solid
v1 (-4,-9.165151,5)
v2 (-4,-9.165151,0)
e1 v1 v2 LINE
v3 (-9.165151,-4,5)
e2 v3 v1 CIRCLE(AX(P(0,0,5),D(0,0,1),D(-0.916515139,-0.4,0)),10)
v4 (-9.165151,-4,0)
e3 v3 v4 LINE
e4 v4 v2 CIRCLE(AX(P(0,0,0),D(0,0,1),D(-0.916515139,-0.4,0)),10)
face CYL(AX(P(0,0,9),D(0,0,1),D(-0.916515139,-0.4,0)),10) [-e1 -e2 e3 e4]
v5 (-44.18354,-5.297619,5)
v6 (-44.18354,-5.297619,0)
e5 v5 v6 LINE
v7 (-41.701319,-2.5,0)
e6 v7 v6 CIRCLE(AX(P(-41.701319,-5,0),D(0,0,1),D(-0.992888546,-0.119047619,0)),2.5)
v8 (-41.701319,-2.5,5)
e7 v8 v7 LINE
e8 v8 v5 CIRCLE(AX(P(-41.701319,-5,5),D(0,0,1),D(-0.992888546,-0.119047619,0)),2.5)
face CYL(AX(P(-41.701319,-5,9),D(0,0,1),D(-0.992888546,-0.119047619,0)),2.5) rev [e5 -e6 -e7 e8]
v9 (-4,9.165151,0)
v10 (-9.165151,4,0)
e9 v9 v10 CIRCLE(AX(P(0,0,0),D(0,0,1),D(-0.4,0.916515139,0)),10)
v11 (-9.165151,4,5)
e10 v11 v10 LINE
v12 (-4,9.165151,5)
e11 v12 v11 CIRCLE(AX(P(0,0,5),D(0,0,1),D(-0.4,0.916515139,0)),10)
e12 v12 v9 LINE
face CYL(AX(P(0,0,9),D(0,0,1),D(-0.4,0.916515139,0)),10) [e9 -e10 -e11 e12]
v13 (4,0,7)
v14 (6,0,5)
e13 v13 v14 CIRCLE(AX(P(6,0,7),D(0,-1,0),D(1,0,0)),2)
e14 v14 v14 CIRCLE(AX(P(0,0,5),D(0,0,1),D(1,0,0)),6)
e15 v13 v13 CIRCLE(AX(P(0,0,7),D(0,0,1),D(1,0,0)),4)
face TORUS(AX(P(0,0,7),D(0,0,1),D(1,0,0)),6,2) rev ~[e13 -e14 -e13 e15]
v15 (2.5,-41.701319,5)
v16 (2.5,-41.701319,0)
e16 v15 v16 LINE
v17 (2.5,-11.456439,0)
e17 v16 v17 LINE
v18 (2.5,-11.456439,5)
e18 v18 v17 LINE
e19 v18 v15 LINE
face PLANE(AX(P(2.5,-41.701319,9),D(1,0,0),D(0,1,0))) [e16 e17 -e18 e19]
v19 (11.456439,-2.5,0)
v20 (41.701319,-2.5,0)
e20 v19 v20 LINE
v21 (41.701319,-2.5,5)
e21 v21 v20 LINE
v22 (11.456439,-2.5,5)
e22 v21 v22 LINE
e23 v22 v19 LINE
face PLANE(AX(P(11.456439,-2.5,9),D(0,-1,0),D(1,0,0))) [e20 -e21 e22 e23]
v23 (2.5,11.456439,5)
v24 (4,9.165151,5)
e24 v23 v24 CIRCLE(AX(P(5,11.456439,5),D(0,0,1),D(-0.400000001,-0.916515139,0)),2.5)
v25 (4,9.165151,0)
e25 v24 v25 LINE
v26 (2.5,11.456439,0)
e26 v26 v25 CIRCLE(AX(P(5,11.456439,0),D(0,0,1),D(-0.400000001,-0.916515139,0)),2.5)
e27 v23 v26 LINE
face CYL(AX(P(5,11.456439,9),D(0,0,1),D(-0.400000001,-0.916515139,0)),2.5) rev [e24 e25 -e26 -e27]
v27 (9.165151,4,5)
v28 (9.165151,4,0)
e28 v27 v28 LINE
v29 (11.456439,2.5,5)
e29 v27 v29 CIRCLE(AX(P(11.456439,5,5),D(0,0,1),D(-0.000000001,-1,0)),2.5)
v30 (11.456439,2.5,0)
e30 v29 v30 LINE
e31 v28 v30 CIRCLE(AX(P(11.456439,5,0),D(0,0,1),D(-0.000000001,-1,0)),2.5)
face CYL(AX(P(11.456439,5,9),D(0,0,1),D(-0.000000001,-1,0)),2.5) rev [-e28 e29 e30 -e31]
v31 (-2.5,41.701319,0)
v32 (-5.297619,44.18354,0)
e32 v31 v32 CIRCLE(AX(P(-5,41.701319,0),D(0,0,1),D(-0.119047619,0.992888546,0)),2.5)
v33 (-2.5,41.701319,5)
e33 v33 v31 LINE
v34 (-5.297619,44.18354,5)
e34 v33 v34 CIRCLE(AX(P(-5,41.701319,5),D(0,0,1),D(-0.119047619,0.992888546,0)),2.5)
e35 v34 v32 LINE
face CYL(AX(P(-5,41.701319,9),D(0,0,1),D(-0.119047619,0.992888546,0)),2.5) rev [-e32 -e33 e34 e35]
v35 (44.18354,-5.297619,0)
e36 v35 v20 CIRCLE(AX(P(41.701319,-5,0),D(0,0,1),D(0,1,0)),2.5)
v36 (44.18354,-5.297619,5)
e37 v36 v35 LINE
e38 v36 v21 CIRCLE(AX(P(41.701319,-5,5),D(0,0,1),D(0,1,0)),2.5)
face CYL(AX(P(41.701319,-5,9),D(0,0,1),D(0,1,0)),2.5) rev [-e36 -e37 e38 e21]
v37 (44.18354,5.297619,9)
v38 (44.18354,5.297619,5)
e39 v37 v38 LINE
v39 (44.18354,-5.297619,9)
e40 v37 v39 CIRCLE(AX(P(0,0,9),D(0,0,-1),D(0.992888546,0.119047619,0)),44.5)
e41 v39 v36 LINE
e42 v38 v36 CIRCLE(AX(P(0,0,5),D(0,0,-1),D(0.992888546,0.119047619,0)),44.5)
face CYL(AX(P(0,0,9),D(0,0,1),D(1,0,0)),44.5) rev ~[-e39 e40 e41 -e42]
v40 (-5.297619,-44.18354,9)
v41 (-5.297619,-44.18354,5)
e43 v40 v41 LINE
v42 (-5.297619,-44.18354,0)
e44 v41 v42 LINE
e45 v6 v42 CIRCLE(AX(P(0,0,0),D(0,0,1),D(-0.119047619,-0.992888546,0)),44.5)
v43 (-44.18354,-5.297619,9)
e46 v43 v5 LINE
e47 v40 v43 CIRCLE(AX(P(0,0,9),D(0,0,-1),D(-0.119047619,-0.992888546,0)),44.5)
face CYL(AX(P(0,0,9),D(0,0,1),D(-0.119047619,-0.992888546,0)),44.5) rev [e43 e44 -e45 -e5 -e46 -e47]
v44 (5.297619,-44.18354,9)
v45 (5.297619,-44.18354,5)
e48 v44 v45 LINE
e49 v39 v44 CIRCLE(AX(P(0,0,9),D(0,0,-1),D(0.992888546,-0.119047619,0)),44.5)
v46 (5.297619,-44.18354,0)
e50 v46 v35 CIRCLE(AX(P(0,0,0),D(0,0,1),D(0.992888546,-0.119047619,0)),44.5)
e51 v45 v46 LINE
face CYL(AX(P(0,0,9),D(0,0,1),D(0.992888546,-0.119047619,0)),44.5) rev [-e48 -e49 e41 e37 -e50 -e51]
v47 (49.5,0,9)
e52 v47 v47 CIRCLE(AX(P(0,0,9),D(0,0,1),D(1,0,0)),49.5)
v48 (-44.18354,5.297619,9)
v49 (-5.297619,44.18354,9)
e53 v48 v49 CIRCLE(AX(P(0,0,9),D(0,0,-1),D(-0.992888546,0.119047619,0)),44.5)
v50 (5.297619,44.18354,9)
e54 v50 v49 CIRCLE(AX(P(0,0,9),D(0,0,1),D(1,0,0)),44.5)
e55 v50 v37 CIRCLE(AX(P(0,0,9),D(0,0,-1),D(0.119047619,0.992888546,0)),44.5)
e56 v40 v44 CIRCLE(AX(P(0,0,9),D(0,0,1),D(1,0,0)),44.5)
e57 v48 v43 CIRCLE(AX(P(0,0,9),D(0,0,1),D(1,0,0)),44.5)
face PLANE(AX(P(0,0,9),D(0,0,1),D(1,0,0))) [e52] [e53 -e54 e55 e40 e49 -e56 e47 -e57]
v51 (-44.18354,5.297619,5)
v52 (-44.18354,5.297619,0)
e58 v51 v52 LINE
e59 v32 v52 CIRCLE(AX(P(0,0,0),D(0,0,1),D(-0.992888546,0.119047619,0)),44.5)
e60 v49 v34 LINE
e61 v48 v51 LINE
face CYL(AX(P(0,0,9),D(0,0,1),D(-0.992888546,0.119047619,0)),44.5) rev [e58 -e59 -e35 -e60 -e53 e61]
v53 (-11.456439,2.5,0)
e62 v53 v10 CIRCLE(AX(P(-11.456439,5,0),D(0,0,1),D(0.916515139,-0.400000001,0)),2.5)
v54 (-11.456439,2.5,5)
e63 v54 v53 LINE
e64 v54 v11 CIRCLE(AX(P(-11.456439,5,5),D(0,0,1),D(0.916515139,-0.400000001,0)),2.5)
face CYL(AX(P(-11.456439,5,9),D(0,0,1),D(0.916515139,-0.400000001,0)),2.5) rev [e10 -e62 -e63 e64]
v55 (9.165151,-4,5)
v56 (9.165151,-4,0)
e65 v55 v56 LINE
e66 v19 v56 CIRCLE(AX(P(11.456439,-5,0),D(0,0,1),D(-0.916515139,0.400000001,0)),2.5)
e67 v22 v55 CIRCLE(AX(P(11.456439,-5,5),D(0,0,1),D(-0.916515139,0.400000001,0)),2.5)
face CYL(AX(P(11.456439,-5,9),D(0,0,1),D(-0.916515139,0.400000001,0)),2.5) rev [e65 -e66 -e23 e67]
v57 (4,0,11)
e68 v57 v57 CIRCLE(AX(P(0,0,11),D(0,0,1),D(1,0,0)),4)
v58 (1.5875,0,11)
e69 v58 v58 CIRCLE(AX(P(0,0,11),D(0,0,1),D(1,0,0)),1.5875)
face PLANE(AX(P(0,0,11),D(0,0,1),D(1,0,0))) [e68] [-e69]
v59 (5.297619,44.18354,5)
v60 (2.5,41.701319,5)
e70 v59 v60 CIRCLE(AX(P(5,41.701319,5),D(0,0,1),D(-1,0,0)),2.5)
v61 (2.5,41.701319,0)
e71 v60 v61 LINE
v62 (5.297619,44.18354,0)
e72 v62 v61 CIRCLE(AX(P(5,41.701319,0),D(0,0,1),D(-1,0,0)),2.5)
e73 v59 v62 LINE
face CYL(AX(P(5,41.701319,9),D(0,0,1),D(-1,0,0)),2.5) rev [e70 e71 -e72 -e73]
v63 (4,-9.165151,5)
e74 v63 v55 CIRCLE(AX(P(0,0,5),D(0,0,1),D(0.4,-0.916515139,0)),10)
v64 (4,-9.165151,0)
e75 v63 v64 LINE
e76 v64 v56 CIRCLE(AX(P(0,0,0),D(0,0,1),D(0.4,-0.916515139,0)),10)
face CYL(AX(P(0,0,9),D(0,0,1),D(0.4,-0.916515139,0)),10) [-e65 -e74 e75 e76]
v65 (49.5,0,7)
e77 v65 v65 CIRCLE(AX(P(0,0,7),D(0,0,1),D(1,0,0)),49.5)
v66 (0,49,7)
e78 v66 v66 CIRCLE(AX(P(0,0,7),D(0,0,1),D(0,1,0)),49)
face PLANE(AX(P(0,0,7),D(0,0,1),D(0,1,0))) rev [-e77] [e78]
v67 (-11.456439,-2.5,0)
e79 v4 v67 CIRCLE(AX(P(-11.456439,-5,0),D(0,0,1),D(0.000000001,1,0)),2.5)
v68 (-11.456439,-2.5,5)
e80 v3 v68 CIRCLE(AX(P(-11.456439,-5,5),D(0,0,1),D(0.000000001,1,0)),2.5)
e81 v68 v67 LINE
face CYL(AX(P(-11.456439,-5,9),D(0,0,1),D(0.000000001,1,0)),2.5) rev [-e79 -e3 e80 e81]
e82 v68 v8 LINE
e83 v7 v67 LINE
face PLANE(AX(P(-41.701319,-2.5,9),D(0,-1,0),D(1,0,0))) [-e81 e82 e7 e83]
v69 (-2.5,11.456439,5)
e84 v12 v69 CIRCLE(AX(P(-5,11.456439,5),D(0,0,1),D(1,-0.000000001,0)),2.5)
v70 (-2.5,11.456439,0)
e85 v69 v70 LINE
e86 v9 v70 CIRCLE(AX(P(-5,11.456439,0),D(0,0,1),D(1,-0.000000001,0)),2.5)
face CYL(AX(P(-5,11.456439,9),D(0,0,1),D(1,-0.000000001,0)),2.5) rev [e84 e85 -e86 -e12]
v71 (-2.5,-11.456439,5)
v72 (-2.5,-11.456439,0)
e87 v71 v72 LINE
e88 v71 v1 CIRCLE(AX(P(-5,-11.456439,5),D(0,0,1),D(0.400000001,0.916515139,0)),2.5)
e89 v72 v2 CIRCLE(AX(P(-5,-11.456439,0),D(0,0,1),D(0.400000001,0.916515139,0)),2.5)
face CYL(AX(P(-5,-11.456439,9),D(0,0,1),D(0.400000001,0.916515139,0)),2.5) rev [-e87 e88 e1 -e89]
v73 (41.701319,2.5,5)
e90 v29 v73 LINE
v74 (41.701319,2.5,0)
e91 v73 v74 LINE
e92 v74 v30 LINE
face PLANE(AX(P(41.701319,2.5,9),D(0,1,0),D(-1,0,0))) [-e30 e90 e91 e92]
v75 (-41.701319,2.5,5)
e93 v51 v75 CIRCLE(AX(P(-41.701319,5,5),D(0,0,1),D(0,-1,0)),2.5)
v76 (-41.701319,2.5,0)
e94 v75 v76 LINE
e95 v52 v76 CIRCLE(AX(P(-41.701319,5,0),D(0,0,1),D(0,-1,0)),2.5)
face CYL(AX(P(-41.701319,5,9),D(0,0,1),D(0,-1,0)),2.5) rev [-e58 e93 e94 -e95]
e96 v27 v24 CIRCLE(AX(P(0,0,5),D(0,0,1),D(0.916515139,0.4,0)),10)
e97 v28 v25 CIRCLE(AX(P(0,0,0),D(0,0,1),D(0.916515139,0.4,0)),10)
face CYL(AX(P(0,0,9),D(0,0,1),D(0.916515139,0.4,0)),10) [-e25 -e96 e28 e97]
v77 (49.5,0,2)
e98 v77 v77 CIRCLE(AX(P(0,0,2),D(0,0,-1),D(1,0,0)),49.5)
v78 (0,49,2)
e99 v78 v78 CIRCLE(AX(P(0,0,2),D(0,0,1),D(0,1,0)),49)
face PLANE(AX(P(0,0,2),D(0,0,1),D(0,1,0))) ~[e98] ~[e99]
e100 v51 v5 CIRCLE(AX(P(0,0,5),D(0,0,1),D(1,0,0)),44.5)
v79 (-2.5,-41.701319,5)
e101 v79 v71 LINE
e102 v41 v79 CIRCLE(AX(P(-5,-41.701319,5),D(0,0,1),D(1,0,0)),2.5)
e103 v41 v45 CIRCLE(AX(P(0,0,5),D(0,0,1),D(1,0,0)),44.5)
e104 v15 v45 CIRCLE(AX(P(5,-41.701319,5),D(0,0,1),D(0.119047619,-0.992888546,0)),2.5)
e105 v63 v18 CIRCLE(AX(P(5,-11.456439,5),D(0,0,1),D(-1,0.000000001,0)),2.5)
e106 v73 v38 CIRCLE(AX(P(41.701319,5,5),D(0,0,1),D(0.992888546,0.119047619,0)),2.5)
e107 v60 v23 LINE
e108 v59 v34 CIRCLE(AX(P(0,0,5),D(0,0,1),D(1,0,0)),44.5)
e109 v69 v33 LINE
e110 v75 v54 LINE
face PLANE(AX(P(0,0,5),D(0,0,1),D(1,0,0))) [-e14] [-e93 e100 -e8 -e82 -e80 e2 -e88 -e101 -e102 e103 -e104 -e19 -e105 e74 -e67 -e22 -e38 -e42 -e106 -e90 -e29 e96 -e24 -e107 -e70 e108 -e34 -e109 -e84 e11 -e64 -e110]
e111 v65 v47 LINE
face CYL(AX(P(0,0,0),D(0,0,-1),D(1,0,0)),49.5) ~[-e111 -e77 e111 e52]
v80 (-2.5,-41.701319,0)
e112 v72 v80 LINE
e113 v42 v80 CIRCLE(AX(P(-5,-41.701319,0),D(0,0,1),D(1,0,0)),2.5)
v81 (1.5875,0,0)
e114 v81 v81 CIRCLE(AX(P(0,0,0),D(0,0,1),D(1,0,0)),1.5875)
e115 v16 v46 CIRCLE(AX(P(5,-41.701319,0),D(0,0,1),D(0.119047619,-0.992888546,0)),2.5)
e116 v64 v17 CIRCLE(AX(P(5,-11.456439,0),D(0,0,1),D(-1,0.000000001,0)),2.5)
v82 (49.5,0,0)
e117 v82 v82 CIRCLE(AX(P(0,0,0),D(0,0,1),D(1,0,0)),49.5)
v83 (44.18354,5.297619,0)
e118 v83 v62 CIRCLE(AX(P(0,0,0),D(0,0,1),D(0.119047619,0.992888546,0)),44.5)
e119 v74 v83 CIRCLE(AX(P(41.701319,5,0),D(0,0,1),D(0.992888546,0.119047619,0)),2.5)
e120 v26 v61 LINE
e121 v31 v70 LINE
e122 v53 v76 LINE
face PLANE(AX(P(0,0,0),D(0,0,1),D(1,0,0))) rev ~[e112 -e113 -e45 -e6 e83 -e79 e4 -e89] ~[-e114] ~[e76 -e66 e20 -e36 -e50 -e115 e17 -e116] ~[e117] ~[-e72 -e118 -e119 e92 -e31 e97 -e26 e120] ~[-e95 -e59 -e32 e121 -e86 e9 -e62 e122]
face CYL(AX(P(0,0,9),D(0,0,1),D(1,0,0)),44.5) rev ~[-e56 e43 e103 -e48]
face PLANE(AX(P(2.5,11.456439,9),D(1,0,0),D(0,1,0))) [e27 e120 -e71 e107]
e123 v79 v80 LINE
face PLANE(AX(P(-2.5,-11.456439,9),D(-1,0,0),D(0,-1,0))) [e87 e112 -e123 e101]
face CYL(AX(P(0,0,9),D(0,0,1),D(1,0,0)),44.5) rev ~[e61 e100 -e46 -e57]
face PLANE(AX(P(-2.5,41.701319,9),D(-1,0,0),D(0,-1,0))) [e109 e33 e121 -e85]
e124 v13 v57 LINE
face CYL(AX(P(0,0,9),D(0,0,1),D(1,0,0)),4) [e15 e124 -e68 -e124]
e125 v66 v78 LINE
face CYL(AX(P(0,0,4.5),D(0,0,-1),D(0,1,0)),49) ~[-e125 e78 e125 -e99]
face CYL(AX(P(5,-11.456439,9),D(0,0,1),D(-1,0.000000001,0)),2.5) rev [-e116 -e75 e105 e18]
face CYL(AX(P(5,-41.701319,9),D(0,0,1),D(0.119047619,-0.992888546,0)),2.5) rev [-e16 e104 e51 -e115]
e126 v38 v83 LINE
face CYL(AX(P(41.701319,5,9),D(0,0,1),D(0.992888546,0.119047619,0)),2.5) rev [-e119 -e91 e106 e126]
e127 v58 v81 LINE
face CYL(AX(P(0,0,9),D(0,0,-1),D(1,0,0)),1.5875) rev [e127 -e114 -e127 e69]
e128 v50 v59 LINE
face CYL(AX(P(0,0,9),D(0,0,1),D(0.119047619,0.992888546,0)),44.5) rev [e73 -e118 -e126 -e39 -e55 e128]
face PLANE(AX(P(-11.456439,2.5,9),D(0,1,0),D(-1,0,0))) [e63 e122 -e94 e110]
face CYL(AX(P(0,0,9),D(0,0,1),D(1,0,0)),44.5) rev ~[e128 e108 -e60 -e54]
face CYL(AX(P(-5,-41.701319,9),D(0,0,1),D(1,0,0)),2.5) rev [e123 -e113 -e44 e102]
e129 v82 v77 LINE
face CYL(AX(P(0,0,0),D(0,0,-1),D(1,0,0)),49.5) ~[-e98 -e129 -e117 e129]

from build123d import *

# Parameters (mm, degrees)
SKETCH1_R           = 49.5
SKETCH1_R_2         = 1.5875
BOSS_EXTRUDE1_DEPTH = 9
CUT_EXTRUDE1_DEPTH  = 10
SKETCH3_R           = 44.5
SKETCH3_R_2         = 4
CUT_EXTRUDE2_DEPTH  = 4
SKETCH4_R           = 4
SKETCH4_R_2         = 1.5875
BOSS_EXTRUDE2_DEPTH = 2
FILLET1_R           = 2
SKETCH5_W           = 5
SKETCH5_H           = 0.5


with BuildPart() as part:
    # Sketch1 → Boss-Extrude1 (new body)
    with BuildSketch(Plane.XY):
        Circle(SKETCH1_R)
        Circle(SKETCH1_R_2, mode=Mode.SUBTRACT)
    extrude(amount=BOSS_EXTRUDE1_DEPTH)

    # Sketch2 → Cut-Extrude1 (cut, through all)
    with BuildSketch(Plane.XY.offset(9)):
        with BuildLine():
            Line((2.5, 11.456439237), (2.5, 41.701318924))
            ThreePointArc((2.5, 41.701318924), (3.340790492, 43.571352028), (5.297619048, 44.183540289))
            ThreePointArc((5.297619048, 44.183540289), (31.466251763, 31.466251763), (44.183540289, 5.297619048))
            ThreePointArc((44.183540289, 5.297619048), (43.571352028, 3.340790492), (41.701318924, 2.5))
            Line((41.701318924, 2.5), (11.456439237, 2.5))
            ThreePointArc((11.456439237, 2.5), (10.087132844, 2.908349934), (9.16515139, 4))
            ThreePointArc((9.16515139, 4), (7.071067812, 7.071067812), (4, 9.16515139))
            ThreePointArc((4, 9.16515139), (2.908349934, 10.087132844), (2.5, 11.456439237))
        make_face()
        with BuildLine():
            Line((-11.456439237, 2.5), (-41.701318924, 2.5))
            ThreePointArc((-41.701318924, 2.5), (-43.571352028, 3.340790492), (-44.183540289, 5.297619048))
            ThreePointArc((-44.183540289, 5.297619048), (-31.466251763, 31.466251763), (-5.297619048, 44.183540289))
            ThreePointArc((-5.297619048, 44.183540289), (-3.340790492, 43.571352028), (-2.5, 41.701318924))
            Line((-2.5, 41.701318924), (-2.5, 11.456439237))
            ThreePointArc((-2.5, 11.456439237), (-2.908349934, 10.087132844), (-4, 9.16515139))
            ThreePointArc((-4, 9.16515139), (-7.071067812, 7.071067812), (-9.16515139, 4))
            ThreePointArc((-9.16515139, 4), (-10.087132844, 2.908349934), (-11.456439237, 2.5))
        make_face()
        with BuildLine():
            Line((-2.5, -11.456439237), (-2.5, -41.701318924))
            ThreePointArc((-2.5, -41.701318924), (-3.340790492, -43.571352028), (-5.297619048, -44.183540289))
            ThreePointArc((-5.297619048, -44.183540289), (-31.466251763, -31.466251763), (-44.183540289, -5.297619048))
            ThreePointArc((-44.183540289, -5.297619048), (-43.571352028, -3.340790492), (-41.701318924, -2.5))
            Line((-41.701318924, -2.5), (-11.456439237, -2.5))
            ThreePointArc((-11.456439237, -2.5), (-10.087132844, -2.908349934), (-9.16515139, -4))
            ThreePointArc((-9.16515139, -4), (-7.071067812, -7.071067812), (-4, -9.16515139))
            ThreePointArc((-4, -9.16515139), (-2.908349934, -10.087132844), (-2.5, -11.456439237))
        make_face()
        with BuildLine():
            Line((11.456439237, -2.5), (41.701318924, -2.5))
            ThreePointArc((41.701318924, -2.5), (43.571352028, -3.340790492), (44.183540289, -5.297619048))
            ThreePointArc((44.183540289, -5.297619048), (31.466251763, -31.466251763), (5.297619048, -44.183540289))
            ThreePointArc((5.297619048, -44.183540289), (3.340790492, -43.571352028), (2.5, -41.701318924))
            Line((2.5, -41.701318924), (2.5, -11.456439237))
            ThreePointArc((2.5, -11.456439237), (2.908349934, -10.087132844), (4, -9.16515139))
            ThreePointArc((4, -9.16515139), (7.071067812, -7.071067812), (9.16515139, -4))
            ThreePointArc((9.16515139, -4), (10.087132844, -2.908349934), (11.456439237, -2.5))
        make_face()
    extrude(amount=-CUT_EXTRUDE1_DEPTH, mode=Mode.SUBTRACT)

    # Sketch3 → Cut-Extrude2 (cut)
    with BuildSketch(Plane.XY.offset(9)):
        Circle(SKETCH3_R)
        Circle(SKETCH3_R_2, mode=Mode.SUBTRACT)
    extrude(amount=-CUT_EXTRUDE2_DEPTH, mode=Mode.SUBTRACT)

    # Sketch4 → Boss-Extrude2 (add)
    with BuildSketch(Plane.XY.offset(9)):
        Circle(SKETCH4_R)
        Circle(SKETCH4_R_2, mode=Mode.SUBTRACT)
    extrude(amount=BOSS_EXTRUDE2_DEPTH)

    # Fillet1
    fillet1_edges = [part.edges().sort_by_distance(p)[0] for p in [
        (-4, 0, 5),
    ]]
    fillet(fillet1_edges, radius=FILLET1_R)

    # Sketch5 → Cut-Revolve1 (revolve, cut)
    with BuildSketch(Plane(origin=(0, 0, 0), x_dir=(0, 0, -1), z_dir=(1, 0, 0))):
        with Locations((-4.5, 49.25)):
            Rectangle(SKETCH5_W, SKETCH5_H)
    revolve(axis=Axis((0, 0, 0), (0, 0, 1)), mode=Mode.SUBTRACT)


solid = part.part
